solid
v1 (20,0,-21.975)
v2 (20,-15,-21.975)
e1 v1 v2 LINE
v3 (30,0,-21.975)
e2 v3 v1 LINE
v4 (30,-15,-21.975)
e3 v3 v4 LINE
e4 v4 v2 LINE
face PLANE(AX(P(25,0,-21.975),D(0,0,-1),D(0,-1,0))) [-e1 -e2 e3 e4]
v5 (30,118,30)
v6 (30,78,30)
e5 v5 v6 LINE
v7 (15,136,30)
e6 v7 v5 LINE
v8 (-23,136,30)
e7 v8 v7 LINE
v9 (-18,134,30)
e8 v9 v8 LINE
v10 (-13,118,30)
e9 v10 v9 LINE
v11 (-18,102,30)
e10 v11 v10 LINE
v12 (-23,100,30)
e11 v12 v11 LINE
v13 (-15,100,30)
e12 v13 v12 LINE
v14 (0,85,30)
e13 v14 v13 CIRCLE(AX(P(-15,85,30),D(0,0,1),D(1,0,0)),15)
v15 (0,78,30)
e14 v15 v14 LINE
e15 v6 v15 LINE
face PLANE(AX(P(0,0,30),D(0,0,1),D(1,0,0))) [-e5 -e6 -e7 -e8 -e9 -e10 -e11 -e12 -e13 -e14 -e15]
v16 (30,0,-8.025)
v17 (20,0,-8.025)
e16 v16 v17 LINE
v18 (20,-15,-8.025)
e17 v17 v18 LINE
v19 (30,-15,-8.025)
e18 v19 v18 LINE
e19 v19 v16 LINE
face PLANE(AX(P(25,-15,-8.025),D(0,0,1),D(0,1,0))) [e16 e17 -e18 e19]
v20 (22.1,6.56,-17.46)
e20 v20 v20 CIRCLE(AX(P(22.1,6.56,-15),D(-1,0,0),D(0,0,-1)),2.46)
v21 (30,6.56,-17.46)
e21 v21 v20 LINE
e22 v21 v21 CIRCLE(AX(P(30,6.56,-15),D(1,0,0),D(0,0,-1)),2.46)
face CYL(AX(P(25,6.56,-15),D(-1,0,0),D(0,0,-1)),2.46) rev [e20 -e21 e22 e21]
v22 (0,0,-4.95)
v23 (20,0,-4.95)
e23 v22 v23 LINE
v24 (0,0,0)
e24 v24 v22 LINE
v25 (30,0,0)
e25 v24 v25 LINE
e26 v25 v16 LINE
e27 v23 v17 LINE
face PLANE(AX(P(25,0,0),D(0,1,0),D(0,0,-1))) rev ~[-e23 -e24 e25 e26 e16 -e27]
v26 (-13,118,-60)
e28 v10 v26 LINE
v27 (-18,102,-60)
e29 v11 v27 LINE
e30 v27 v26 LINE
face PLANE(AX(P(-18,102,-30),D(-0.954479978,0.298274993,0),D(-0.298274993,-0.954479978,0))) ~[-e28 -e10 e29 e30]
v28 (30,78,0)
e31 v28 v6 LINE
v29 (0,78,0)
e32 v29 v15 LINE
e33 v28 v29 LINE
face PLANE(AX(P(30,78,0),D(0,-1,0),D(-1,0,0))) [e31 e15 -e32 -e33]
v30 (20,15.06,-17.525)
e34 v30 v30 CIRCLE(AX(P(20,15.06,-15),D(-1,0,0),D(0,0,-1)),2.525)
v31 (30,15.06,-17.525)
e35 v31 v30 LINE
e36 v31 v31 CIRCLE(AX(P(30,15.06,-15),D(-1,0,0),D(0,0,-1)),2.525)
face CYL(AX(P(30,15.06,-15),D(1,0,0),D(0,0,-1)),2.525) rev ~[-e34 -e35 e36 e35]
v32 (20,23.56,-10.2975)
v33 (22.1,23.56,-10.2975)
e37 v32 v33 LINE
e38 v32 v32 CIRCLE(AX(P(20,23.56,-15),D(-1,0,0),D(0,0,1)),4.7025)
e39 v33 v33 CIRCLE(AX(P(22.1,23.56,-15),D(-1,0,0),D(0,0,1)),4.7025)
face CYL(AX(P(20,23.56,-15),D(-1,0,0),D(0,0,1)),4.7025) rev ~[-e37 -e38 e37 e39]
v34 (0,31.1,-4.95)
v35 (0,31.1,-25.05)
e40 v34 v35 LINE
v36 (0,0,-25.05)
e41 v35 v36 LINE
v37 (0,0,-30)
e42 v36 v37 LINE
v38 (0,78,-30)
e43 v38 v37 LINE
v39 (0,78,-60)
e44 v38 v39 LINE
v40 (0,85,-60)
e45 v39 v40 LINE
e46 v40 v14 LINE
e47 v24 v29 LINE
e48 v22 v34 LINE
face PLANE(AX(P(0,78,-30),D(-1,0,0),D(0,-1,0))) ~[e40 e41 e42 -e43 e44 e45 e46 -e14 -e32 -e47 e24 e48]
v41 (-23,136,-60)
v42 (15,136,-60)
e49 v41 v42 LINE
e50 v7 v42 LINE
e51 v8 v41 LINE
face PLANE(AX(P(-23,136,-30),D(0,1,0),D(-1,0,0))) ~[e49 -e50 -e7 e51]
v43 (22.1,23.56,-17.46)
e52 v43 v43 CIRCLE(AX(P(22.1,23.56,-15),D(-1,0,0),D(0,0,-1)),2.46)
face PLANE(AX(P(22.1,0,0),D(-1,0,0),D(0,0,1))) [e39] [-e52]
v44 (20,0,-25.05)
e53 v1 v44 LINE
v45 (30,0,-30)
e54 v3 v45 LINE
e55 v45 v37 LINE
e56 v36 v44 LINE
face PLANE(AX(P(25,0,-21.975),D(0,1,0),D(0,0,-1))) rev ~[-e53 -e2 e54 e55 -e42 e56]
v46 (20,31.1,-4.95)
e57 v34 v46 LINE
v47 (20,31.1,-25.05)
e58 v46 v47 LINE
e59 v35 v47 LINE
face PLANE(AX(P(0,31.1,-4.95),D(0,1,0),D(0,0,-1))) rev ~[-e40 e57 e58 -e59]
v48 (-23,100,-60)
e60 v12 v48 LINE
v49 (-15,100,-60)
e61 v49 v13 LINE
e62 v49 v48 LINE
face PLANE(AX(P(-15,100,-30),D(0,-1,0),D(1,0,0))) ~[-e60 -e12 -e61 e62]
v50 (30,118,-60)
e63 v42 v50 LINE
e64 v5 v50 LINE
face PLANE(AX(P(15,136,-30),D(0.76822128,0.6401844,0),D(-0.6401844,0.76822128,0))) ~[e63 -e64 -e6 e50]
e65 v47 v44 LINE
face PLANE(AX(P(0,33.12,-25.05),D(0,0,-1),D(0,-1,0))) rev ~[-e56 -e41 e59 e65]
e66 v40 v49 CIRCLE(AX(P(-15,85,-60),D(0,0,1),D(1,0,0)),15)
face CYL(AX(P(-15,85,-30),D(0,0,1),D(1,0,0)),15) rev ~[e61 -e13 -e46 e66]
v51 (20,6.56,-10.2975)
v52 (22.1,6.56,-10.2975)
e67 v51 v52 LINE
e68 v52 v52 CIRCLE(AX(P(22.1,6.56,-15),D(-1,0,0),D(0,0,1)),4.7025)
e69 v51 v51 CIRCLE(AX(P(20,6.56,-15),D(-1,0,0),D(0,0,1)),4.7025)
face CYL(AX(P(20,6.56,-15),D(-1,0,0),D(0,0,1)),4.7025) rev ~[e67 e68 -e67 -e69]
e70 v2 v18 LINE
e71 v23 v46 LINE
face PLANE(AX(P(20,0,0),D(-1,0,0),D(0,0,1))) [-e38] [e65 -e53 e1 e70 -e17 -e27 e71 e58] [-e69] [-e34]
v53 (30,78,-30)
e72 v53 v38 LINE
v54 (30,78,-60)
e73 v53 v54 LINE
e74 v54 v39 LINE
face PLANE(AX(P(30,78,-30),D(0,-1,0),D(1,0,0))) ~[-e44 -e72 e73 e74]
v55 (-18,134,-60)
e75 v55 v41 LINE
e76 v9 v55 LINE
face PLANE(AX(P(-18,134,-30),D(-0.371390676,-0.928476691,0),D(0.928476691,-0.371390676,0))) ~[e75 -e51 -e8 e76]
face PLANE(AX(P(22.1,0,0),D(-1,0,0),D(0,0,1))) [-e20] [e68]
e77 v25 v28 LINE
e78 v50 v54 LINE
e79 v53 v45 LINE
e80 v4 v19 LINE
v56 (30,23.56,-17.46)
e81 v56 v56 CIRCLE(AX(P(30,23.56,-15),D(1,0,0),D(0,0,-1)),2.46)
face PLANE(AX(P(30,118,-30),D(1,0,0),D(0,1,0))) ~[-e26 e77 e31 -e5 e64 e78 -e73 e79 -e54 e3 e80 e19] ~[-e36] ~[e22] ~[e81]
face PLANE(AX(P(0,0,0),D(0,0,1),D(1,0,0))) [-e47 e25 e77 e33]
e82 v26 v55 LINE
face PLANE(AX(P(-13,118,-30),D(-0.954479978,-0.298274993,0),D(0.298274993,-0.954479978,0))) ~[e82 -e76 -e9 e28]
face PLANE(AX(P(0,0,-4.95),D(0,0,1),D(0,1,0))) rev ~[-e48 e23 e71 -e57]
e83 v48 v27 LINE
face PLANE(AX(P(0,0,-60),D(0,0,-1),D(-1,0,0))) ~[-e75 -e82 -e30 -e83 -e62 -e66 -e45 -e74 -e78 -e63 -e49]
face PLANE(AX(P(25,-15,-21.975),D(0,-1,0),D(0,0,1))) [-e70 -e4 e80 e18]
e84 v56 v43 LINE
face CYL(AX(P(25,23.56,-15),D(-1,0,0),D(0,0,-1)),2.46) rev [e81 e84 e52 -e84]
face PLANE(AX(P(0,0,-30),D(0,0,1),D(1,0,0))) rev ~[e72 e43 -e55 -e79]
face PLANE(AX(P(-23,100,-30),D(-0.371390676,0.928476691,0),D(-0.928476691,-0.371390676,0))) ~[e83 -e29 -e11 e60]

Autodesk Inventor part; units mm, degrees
ref_plane "YZ Plane" through (0, 0, 0) normal (1, 0, 0) x (0, 1, 0)
ref_plane "XZ Plane" through (0, 0, 0) normal (0, 1, 0) x (-1, 0, 0)
sketch "Sketch1" plane through (0, 0, 0) normal (0, 0, 1) x (1, 0, 0)
  line L0 (0, 0) -> (25, 0)
  line L1 (25, 0) -> (25, 40)
  line L2 (25, 40) -> (0, 40)
  line L3 (0, 40) -> (0, 0)
  dimension "d1" = 25
  dimension "d2" = 40
  dimension "d3" = 25
extrude "Extrusion1" add sketch "Sketch1" against normal blind 30
sketch "Sketch2" plane through (25, 0, 0) normal (1, 0, 0) x (0, 0, -1)
  line L0 (0, 0) -> (30, 0) projected
  circle A0 centre (15, 6.56) radius 2.46
extrude "Extrusion2" cut sketch "Sketch2" against normal blind 30
sketch "Sketch3" plane through (0, 0, 0) normal (-1, 0, 0) x (0, 0, 1)
  line L0 (0, 0) -> (-30, 0) projected
  line L1 (-25.05, 0) -> (-4.95, 0)
  line L2 (-4.95, 0) -> (-4.95, 33.12)
  line L3 (-4.95, 33.12) -> (-25.05, 33.12)
  line L4 (-25.05, 33.12) -> (-25.05, 0)
  dimension "d11" = 20.1
extrude "Extrusion3" cut sketch "Sketch3" against normal blind 20
sketch "Sketch4" plane through (0, 0, 0) normal (0, -1, 0) x (1, 0, 0)
  line L0 (20, -4.95) -> (20, -25.05) projected
  line L1 (20, -15) -> (25, -15)
  line L2 (25, 0) -> (25, -30) projected
  line L3 (20, -8.025) -> (25, -8.025)
  line L4 (25, -8.025) -> (25, -21.975)
  line L5 (25, -21.975) -> (20, -21.975)
  line L6 (20, -21.975) -> (20, -8.025)
  line L7 (20, -8.025) -> (25, -21.975) construction
  line L8 (25, -8.025) -> (20, -21.975) construction
  line L9 (25, -12.54) -> (25, -17.46) projected
  point P0 (0, 0)
  point P1 (22.5, -15)
  dimension "d14" = 13.95
extrude "Extrusion4" add sketch "Sketch4" along normal blind 15
sketch "Sketch5" plane through (20, 0, 0) normal (-1, 0, 0) x (0, 0, 1)
  circle A0 centre (-15, 6.56) radius 2.46 projected
  circle A1 centre (-15, 6.56) radius 4.7025
  circle A2 centre (-15, 6.56) radius 2.46 projected
  circle A3 centre (-15, 6.56) radius 2.46
  point P0 (0, 0)
  dimension "d17" = 9.405
extrude "Extrusion5" cut sketch "Sketch5" against normal blind 2.1
sketch "Sketch6" plane through (25, 0, 0) normal (1, 0, 0) x (0, 0, -1)
  circle A0 centre (15, 6.56) radius 4.7025 projected
  line L0 (15, 6.56) -> (15, 23.56)
  circle A1 centre (15, 23.56) radius 2.46
  point P0 (0, 0)
  dimension "d20" = 17
  dimension "d21" = 4.92
extrude "Extrusion6" cut sketch "Sketch6" against normal blind 10 contours A1
sketch "Sketch7" plane through (20, 0, 0) normal (-1, 0, 0) x (0, 0, 1)
  circle A0 centre (-15, 23.56) radius 2.46 projected
  circle A1 centre (-15, 23.56) radius 4.7025
  point P0 (0, 0)
  dimension "d24" = 9.405
extrude "Extrusion7" cut sketch "Sketch7" against normal blind 2.1
sketch "Sketch9" plane through (25, 0, 0) normal (1, 0, 0) x (0, 0, -1)
  circle A0 centre (15, 6.56) radius 2.46 projected
  circle A1 centre (15, 6.56) radius 2.46
  circle A2 centre (15, 23.56) radius 2.46 projected
  circle A3 centre (15, 23.56) radius 2.46
  line L0 (30, 40) -> (30, 0) projected
  line L1 (30, 0) -> (30, 40)
  line L2 (30, 40) -> (0, 40)
  line L3 (0, 40) -> (0, 0)
  line L4 (0, 0) -> (8.025, 0) projected
  line L5 (21.975, 0) -> (21.975, -15)
  line L6 (21.975, -15) -> (8.025, -15)
  line L7 (8.025, -15) -> (8.025, 0)
  line L8 (0, 0) -> (8.025, 0)
  line L9 (21.975, 0) -> (30, 0)
extrude "Extrusion8" add sketch "Sketch9" along normal blind 5
sketch "Sketch10" plane through (0, 40, 0) normal (0, 1, 0) x (1, 0, 0)
  line L0 (0, 30) -> (30, 30) projected
  line L1 (30, 0) -> (0, 0) projected
  line L2 (0, 30) -> (30, 30)
  line L3 (30, 30) -> (30, 0)
  line L4 (30, 0) -> (0, 0)
  line L5 (0, 0) -> (0, 30)
extrude "Extrusion9" add sketch "Sketch10" along normal blind 30
sketch "Sketch12" plane through (30, 0, 0) normal (1, 0, 0) x (0, 0, -1)
  circle A0 centre (15, 6.56) radius 2.46 projected
  line L0 (15, 6.56) -> (15, 15.06)
  circle A1 centre (15, 15.06) radius 2.525
  point P0 (0, 0)
  dimension "d31" = 8.5
  dimension "d33" = 5.05
extrude "Extrusion10" cut sketch "Sketch12" against normal blind 30 contours A1
sketch "Sketch14" plane through (0, 0, 0) normal (0, 0, 1) x (1, 0, 0)
  line L0 (30, 70) -> (0, 70) projected
  line L1 (0, 70) -> (0, 85)
  line L2 (-15, 100) -> (-23, 100)
  line L3 (30, 0) -> (30, 70) projected
  line L4 (30, 118) -> (30, 70)
  arc A0 (0, 85) -> (-15, 100) centre (-15, 85) ccw
  line L5 (30, 105) -> (30, 100)
  line L6 (-18, 134) -> (-23, 136)
  line L7 (-18, 102) -> (-23, 100)
  line L8 (-18, 102) -> (-13, 118)
  line L9 (-13, 118) -> (-18, 134)
  line L10 (15, 136) -> (30, 118)
  line L11 (-23, 136) -> (15, 136)
  point P0 (0, 0)
  point P1 (0, 100)
  dimension "d47" = 30
  dimension "d54" = 15
extrude "Extrusion12" add sketch "Sketch14" against normal blind 30
sketch "Sketch15" plane through (0, 0, -25.05) normal (-1, 0, 0) x (0, 0, 1)
  line L0 (0, 33.12) -> (20.1, 33.12) projected
  line L1 (20.1, 33.12) -> (20.1, 0) projected
  line L2 (0, 33.12) -> (20.1, 33.12)
  line L3 (20.1, 33.12) -> (20.1, 31.1)
  line L4 (20.1, 31.1) -> (0, 31.1)
  line L5 (0, 31.1) -> (0, 33.12)
  point P0 (25.05, 0)
  dimension "d57" = 2.02
extrude "Extrusion13" add sketch "Sketch15" against normal blind 20
sketch "Sketch22" plane through (0, 0, 0) normal (0, 0, 1) x (1, 0, 0)
  line L0 (-15, 100) -> (-23, 100) projected
  line L1 (-15, 100) -> (-23, 100)
  line L2 (-23, 100) -> (-18, 102) projected
  line L3 (-23, 100) -> (-18, 102)
  line L4 (-18, 102) -> (-13, 118) projected
  line L5 (-18, 102) -> (-13, 118)
  line L6 (-13, 118) -> (-18, 134) projected
  line L7 (-13, 118) -> (-18, 134)
  line L8 (-18, 134) -> (-23, 136) projected
  line L9 (-18, 134) -> (-23, 136)
  line L10 (-23, 136) -> (15, 136) projected
  line L11 (-23, 136) -> (15, 136)
  line L12 (15, 136) -> (30, 118) projected
  line L13 (15, 136) -> (30, 118)
  line L14 (30, 118) -> (30, 78)
  line L15 (30, 0) -> (30, 118) projected
  line L16 (30, 78) -> (0, 78)
  arc A0 (0, 85) -> (-15, 100) centre (-15, 85) ccw projected
  line L17 (0, 78) -> (0, 85)
  arc A1 (0, 85) -> (-15, 100) centre (-15, 85) ccw
  point P0 (0, 0)
  dimension "d82" = 40
extrude "Extrusion14" add sketch "Sketch22" along normal blind 30
ref_plane "Work Plane1" through (0, 0, -15) normal (0, 0, 1) x (1, 0, 0)
mirror "Mirror1" about plane through (0, 0, -15) normal (0, 0, 1) of "Extrusion14"
properties part number "rec_a_32mm_x_90mm"
